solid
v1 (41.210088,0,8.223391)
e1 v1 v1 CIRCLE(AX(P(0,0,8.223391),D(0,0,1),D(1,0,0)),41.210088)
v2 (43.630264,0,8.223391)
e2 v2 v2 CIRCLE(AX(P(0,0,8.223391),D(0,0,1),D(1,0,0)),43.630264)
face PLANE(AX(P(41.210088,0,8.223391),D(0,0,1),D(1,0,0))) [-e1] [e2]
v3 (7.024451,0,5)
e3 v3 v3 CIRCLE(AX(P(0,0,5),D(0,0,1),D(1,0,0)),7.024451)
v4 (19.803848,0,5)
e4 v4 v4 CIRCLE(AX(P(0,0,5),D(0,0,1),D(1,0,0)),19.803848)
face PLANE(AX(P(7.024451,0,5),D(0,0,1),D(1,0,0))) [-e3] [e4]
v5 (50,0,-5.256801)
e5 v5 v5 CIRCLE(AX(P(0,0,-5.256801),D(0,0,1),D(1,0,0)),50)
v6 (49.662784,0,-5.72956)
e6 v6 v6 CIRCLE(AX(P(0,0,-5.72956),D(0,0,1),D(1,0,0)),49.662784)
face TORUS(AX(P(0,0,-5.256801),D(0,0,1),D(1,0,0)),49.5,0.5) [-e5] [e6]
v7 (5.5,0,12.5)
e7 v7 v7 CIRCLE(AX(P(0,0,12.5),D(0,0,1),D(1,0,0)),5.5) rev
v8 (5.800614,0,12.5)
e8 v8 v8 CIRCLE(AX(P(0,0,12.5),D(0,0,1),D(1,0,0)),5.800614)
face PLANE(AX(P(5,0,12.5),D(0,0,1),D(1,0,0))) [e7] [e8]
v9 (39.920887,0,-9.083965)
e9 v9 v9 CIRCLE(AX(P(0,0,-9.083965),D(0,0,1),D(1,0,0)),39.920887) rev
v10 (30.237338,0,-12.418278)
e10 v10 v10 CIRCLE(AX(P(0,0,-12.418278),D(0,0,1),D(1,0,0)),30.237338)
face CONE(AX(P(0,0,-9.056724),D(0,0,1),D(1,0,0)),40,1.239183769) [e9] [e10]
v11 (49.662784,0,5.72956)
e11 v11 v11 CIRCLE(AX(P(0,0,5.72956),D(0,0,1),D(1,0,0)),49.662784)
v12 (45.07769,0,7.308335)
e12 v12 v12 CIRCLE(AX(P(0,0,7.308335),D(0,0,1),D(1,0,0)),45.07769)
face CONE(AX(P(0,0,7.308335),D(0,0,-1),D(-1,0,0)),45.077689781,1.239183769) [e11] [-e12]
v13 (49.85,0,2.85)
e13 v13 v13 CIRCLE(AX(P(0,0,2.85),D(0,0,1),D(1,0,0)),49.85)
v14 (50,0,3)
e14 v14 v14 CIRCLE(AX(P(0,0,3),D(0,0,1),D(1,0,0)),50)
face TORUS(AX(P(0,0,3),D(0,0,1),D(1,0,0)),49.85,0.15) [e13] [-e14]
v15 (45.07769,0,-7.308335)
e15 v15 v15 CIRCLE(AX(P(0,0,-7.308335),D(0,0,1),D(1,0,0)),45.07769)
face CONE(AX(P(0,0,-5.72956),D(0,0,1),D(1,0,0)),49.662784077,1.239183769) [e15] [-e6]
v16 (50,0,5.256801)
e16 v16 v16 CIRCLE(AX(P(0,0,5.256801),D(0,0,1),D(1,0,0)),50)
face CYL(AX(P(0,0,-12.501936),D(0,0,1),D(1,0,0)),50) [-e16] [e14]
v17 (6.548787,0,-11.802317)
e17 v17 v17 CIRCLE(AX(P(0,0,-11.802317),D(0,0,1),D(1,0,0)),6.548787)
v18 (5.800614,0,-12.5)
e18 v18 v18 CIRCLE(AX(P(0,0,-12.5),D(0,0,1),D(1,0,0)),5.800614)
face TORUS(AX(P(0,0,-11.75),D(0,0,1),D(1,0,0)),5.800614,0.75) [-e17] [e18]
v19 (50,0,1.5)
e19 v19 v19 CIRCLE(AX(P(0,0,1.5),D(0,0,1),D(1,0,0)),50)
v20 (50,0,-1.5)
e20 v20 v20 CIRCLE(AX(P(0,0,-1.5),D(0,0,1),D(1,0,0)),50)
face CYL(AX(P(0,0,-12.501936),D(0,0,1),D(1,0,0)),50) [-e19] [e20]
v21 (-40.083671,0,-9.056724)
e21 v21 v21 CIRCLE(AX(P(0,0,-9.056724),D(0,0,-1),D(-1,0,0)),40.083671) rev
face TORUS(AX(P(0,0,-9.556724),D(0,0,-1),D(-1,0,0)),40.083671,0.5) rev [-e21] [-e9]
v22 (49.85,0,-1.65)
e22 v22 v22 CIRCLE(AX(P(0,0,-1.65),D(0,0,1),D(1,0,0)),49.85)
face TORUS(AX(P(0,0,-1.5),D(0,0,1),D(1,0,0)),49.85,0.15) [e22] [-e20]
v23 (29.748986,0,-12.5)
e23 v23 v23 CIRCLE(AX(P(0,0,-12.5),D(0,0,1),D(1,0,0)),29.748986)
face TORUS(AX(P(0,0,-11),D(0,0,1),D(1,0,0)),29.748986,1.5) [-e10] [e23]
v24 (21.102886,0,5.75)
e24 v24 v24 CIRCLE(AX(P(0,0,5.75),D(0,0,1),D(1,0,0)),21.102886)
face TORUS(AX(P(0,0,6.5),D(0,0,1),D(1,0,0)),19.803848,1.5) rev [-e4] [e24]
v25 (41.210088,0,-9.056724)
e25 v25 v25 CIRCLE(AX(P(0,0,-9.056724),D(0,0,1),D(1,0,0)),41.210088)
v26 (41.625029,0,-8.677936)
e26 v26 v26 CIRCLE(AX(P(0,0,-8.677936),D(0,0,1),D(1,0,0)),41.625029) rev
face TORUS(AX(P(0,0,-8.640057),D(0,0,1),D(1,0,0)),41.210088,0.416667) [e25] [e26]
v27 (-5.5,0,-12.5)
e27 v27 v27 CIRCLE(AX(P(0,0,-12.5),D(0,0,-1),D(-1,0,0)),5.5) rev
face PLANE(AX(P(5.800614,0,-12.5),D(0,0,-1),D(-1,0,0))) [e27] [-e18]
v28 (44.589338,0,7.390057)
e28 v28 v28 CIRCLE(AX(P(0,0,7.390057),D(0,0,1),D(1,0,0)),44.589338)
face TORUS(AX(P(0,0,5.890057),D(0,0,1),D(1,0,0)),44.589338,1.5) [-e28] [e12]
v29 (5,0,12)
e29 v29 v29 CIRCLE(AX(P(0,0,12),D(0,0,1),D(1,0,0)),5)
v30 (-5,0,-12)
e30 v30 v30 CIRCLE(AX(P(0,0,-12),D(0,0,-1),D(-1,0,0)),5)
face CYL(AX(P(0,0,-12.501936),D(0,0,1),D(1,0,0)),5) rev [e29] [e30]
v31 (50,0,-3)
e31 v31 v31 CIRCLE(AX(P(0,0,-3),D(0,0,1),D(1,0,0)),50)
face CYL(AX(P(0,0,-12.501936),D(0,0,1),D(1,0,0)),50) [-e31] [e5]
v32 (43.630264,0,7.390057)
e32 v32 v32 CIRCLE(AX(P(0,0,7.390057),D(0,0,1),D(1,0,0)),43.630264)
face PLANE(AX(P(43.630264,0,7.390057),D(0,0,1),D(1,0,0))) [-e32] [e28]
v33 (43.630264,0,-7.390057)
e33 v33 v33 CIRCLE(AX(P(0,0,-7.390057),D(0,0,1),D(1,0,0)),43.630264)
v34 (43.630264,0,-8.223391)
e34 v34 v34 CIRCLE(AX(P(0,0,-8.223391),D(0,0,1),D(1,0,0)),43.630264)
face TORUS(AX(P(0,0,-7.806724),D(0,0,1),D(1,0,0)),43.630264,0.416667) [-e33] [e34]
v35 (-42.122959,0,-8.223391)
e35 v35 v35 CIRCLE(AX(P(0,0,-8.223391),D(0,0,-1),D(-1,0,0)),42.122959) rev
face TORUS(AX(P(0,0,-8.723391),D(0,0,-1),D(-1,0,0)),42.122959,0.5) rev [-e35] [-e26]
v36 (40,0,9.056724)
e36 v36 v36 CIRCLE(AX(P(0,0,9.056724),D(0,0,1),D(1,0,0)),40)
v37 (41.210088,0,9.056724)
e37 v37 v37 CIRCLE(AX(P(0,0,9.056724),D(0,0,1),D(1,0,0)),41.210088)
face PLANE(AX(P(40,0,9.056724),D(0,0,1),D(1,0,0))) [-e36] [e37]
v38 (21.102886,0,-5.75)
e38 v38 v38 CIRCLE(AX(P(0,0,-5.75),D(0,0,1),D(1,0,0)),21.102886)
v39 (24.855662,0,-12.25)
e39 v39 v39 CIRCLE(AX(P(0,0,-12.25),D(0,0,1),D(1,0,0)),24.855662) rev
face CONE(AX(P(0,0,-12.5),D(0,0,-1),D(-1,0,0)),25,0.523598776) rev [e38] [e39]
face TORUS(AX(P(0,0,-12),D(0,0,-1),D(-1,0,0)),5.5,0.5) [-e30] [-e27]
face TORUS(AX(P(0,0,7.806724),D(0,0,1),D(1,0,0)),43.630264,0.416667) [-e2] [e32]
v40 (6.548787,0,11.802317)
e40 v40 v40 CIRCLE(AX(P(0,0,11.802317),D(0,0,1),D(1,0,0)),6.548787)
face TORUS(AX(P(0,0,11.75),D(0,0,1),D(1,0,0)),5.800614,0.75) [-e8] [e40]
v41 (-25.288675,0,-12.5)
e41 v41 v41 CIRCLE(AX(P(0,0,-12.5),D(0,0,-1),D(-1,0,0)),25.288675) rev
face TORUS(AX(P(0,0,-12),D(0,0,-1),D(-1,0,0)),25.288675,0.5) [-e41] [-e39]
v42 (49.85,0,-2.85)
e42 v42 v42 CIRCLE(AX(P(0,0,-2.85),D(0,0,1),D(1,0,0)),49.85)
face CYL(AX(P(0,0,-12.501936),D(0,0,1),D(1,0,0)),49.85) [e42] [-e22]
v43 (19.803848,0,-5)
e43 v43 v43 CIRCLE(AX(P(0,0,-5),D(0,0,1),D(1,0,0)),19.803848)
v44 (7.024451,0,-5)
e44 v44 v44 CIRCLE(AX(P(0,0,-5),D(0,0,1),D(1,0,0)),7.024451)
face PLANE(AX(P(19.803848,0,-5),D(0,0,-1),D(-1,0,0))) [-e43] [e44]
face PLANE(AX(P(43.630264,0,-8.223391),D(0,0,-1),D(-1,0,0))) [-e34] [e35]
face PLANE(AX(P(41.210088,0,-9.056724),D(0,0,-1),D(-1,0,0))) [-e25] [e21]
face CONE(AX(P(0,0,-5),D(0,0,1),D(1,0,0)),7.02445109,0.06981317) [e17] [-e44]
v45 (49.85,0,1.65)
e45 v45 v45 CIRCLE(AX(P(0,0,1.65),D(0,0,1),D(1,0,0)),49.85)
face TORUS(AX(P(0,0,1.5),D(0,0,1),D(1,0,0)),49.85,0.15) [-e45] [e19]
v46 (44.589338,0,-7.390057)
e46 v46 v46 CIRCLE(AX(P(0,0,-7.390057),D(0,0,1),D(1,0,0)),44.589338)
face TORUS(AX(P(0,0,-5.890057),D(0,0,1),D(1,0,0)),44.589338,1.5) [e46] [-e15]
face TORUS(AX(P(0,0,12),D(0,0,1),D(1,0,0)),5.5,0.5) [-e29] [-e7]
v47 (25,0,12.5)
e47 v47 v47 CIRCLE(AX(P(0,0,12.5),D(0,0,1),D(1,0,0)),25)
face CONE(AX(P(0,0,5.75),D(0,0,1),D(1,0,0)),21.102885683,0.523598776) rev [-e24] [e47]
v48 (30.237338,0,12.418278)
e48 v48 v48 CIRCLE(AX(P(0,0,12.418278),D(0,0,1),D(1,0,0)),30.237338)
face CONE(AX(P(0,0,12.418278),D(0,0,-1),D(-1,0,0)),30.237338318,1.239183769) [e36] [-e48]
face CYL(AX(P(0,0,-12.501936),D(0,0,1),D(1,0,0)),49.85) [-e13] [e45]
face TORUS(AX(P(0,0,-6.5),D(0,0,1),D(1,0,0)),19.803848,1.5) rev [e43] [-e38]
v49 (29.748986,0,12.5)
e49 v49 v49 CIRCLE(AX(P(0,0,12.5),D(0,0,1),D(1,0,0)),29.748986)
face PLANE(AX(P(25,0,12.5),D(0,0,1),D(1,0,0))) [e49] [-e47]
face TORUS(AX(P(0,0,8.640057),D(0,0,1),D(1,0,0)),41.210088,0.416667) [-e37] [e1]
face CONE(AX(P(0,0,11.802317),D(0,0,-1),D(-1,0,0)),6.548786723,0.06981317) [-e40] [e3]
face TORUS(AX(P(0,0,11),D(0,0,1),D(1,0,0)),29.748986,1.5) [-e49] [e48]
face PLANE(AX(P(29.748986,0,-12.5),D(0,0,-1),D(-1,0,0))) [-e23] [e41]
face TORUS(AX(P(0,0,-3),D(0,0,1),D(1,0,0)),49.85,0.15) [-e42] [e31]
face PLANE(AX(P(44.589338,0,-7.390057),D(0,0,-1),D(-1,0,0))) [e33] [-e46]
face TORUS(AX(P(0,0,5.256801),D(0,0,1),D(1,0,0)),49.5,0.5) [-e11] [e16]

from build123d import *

# Parameters (mm, degrees)
FILLET1_R     = 1
SCALE_1_SCALE = 0.5


with BuildPart() as part:
    # Schizzo1 → Rivoluzione1 (revolve)
    with BuildSketch(Plane(origin=(0, 0, 0), x_dir=(1, 0, 0), z_dir=(0, 1, 0))):
        with BuildLine():
            Line((87.2605271941896, 16.44678106754003), (82.4201757313965, 16.44678106754))
            ThreePointArc((82.4201757313965, 16.44678106754), (83.2535090647299, 17.2801144008734), (82.4201757313965, 18.11344773420673))
            Line((82.4201757313965, 18.11344773420673), (79.99999999999999, 18.11344773420663))
            Line((79.99999999999999, 18.11344773420663), (60.474676636127214, 24.83655572679794))
            ThreePointArc((60.474676636127214, 24.83655572679794), (59.99311499033776, 24.95885680461168), (59.4979721727557, 24.99999999999998))
            Line((59.4979721727557, 24.99999999999998), (49.99999999999997, 25.000000000000004))
            Line((49.99999999999997, 25.000000000000004), (42.20577136594006, 11.500000000000028))
            ThreePointArc((42.20577136594006, 11.500000000000028), (41.10769515458673, 10.401923788646677), (39.6076951545867, 9.999999999999979))
            Line((39.6076951545867, 9.999999999999979), (14.048902179152646, 10.000000000000009))
            Line((14.048902179152646, 10.000000000000009), (13.097573446183237, 23.604634710616196))
            ThreePointArc((13.097573446183237, 23.604634710616196), (12.624224910887241, 24.597030552428766), (11.601227370793486, 25.000000000000007))
            Line((11.601227370793486, 25.000000000000007), (10.000000000000002, 25.00000000000002))
            Line((10.000000000000002, 25.00000000000002), (9.999999999999998, -25))
            Line((9.999999999999998, -25), (11.601227370793488, -25))
            ThreePointArc((11.601227370793488, -25), (12.624224910887236, -24.597030552428755), (13.097573446183231, -23.60463471061619))
            Line((13.097573446183231, -23.60463471061619), (14.048902179152646, -10.000000000000009))
            Line((14.048902179152646, -10.000000000000009), (39.6076951545867, -10))
            ThreePointArc((39.6076951545867, -10), (41.10769515458673, -10.40192378864666), (42.205771365940045, -11.5))
            Line((42.205771365940045, -11.5), (49.999999999999986, -25.000000000000007))
            Line((49.999999999999986, -25.000000000000007), (59.4979721727557, -25))
            ThreePointArc((59.4979721727557, -25), (59.99311499033773, -24.958856804611713), (60.47467663612716, -24.83655572679798))
            Line((60.47467663612716, -24.83655572679798), (80, -18.11344773420663))
            Line((80, -18.11344773420663), (82.42017573139651, -18.1134477342067))
            ThreePointArc((82.42017573139651, -18.1134477342067), (83.2535090647298, -17.280114400873398), (82.4201757313965, -16.446781067540073))
            Line((82.4201757313965, -16.446781067540073), (87.2605271941896, -16.44678106754))
            ThreePointArc((87.2605271941896, -16.44678106754), (88.0938605275229, -15.613447734206705), (87.2605271941896, -14.780114400873373))
            Line((87.2605271941896, -14.780114400873373), (89.17867509834181, -14.7801144008734))
            ThreePointArc((89.17867509834181, -14.7801144008734), (89.67381791592385, -14.738971205485093), (90.1553795617133, -14.616670127671355))
            Line((90.1553795617133, -14.616670127671355), (99.32556815445719, -11.459120976115656))
            ThreePointArc((99.32556815445719, -11.459120976115656), (99.81411551835629, -11.094305356227293), (100.00000000000001, -10.513602400516405))
            Line((100.00000000000001, -10.513602400516405), (100, -6))
            ThreePointArc((100, -6), (99.91213203435596, -5.787867965644052), (99.70000000000002, -5.700000000000005))
            Line((99.70000000000002, -5.700000000000005), (99.70000000000002, -3.3))
            ThreePointArc((99.70000000000002, -3.3), (99.91213203435598, -3.212132034355966), (100, -3.000000000000006))
            Line((100, -3.000000000000006), (100, 2.999999999999994))
            ThreePointArc((100, 2.999999999999994), (99.91213203435596, 3.212132034355946), (99.70000000000002, 3.299999999999995))
            Line((99.70000000000002, 3.299999999999995), (99.70000000000002, 5.7))
            ThreePointArc((99.70000000000002, 5.7), (99.91213203435598, 5.787867965644034), (100, 5.999999999999994))
            Line((100, 5.999999999999994), (100, 10.513602400516397))
            ThreePointArc((100, 10.513602400516397), (99.81411551835633, 11.094305356227311), (99.32556815445722, 11.459120976115704))
            Line((99.32556815445722, 11.459120976115704), (90.15537956171327, 14.616670127671313))
            ThreePointArc((90.15537956171327, 14.616670127671313), (89.67381791592383, 14.73897120548505), (89.1786750983418, 14.780114400873405))
            Line((89.1786750983418, 14.780114400873405), (87.2605271941896, 14.78011440087336))
            ThreePointArc((87.2605271941896, 14.78011440087336), (88.09386052752293, 15.613447734206694), (87.2605271941896, 16.44678106754003))
        make_face()
    revolve(axis=Axis((5.7e-16, 0, -25.003871846073736), (-6e-17, 0, 1)))

    # Fillet1
    fillet1_edges = [part.edges().sort_by_distance(p)[0] for p in [
        (-10.000000000000002, 1.22e-15, 25),
        (-10.000000000000002, 1.22e-15, -25.00000000000002),
        (-49.99999999999997, -1.608e-14, -25.00000000000001),
        (-79.99999999999999, 9.8e-15, -18.11344773420664),
        (-82.4201757313965, 4.67e-14, -16.446781067540012),
    ]]
    fillet(fillet1_edges, radius=FILLET1_R)


with BuildPart() as part_1:
    # 缩放比例1: scaled about (0, 0, 0)
    add(part.part.scale(SCALE_1_SCALE))


solid = part_1.part
